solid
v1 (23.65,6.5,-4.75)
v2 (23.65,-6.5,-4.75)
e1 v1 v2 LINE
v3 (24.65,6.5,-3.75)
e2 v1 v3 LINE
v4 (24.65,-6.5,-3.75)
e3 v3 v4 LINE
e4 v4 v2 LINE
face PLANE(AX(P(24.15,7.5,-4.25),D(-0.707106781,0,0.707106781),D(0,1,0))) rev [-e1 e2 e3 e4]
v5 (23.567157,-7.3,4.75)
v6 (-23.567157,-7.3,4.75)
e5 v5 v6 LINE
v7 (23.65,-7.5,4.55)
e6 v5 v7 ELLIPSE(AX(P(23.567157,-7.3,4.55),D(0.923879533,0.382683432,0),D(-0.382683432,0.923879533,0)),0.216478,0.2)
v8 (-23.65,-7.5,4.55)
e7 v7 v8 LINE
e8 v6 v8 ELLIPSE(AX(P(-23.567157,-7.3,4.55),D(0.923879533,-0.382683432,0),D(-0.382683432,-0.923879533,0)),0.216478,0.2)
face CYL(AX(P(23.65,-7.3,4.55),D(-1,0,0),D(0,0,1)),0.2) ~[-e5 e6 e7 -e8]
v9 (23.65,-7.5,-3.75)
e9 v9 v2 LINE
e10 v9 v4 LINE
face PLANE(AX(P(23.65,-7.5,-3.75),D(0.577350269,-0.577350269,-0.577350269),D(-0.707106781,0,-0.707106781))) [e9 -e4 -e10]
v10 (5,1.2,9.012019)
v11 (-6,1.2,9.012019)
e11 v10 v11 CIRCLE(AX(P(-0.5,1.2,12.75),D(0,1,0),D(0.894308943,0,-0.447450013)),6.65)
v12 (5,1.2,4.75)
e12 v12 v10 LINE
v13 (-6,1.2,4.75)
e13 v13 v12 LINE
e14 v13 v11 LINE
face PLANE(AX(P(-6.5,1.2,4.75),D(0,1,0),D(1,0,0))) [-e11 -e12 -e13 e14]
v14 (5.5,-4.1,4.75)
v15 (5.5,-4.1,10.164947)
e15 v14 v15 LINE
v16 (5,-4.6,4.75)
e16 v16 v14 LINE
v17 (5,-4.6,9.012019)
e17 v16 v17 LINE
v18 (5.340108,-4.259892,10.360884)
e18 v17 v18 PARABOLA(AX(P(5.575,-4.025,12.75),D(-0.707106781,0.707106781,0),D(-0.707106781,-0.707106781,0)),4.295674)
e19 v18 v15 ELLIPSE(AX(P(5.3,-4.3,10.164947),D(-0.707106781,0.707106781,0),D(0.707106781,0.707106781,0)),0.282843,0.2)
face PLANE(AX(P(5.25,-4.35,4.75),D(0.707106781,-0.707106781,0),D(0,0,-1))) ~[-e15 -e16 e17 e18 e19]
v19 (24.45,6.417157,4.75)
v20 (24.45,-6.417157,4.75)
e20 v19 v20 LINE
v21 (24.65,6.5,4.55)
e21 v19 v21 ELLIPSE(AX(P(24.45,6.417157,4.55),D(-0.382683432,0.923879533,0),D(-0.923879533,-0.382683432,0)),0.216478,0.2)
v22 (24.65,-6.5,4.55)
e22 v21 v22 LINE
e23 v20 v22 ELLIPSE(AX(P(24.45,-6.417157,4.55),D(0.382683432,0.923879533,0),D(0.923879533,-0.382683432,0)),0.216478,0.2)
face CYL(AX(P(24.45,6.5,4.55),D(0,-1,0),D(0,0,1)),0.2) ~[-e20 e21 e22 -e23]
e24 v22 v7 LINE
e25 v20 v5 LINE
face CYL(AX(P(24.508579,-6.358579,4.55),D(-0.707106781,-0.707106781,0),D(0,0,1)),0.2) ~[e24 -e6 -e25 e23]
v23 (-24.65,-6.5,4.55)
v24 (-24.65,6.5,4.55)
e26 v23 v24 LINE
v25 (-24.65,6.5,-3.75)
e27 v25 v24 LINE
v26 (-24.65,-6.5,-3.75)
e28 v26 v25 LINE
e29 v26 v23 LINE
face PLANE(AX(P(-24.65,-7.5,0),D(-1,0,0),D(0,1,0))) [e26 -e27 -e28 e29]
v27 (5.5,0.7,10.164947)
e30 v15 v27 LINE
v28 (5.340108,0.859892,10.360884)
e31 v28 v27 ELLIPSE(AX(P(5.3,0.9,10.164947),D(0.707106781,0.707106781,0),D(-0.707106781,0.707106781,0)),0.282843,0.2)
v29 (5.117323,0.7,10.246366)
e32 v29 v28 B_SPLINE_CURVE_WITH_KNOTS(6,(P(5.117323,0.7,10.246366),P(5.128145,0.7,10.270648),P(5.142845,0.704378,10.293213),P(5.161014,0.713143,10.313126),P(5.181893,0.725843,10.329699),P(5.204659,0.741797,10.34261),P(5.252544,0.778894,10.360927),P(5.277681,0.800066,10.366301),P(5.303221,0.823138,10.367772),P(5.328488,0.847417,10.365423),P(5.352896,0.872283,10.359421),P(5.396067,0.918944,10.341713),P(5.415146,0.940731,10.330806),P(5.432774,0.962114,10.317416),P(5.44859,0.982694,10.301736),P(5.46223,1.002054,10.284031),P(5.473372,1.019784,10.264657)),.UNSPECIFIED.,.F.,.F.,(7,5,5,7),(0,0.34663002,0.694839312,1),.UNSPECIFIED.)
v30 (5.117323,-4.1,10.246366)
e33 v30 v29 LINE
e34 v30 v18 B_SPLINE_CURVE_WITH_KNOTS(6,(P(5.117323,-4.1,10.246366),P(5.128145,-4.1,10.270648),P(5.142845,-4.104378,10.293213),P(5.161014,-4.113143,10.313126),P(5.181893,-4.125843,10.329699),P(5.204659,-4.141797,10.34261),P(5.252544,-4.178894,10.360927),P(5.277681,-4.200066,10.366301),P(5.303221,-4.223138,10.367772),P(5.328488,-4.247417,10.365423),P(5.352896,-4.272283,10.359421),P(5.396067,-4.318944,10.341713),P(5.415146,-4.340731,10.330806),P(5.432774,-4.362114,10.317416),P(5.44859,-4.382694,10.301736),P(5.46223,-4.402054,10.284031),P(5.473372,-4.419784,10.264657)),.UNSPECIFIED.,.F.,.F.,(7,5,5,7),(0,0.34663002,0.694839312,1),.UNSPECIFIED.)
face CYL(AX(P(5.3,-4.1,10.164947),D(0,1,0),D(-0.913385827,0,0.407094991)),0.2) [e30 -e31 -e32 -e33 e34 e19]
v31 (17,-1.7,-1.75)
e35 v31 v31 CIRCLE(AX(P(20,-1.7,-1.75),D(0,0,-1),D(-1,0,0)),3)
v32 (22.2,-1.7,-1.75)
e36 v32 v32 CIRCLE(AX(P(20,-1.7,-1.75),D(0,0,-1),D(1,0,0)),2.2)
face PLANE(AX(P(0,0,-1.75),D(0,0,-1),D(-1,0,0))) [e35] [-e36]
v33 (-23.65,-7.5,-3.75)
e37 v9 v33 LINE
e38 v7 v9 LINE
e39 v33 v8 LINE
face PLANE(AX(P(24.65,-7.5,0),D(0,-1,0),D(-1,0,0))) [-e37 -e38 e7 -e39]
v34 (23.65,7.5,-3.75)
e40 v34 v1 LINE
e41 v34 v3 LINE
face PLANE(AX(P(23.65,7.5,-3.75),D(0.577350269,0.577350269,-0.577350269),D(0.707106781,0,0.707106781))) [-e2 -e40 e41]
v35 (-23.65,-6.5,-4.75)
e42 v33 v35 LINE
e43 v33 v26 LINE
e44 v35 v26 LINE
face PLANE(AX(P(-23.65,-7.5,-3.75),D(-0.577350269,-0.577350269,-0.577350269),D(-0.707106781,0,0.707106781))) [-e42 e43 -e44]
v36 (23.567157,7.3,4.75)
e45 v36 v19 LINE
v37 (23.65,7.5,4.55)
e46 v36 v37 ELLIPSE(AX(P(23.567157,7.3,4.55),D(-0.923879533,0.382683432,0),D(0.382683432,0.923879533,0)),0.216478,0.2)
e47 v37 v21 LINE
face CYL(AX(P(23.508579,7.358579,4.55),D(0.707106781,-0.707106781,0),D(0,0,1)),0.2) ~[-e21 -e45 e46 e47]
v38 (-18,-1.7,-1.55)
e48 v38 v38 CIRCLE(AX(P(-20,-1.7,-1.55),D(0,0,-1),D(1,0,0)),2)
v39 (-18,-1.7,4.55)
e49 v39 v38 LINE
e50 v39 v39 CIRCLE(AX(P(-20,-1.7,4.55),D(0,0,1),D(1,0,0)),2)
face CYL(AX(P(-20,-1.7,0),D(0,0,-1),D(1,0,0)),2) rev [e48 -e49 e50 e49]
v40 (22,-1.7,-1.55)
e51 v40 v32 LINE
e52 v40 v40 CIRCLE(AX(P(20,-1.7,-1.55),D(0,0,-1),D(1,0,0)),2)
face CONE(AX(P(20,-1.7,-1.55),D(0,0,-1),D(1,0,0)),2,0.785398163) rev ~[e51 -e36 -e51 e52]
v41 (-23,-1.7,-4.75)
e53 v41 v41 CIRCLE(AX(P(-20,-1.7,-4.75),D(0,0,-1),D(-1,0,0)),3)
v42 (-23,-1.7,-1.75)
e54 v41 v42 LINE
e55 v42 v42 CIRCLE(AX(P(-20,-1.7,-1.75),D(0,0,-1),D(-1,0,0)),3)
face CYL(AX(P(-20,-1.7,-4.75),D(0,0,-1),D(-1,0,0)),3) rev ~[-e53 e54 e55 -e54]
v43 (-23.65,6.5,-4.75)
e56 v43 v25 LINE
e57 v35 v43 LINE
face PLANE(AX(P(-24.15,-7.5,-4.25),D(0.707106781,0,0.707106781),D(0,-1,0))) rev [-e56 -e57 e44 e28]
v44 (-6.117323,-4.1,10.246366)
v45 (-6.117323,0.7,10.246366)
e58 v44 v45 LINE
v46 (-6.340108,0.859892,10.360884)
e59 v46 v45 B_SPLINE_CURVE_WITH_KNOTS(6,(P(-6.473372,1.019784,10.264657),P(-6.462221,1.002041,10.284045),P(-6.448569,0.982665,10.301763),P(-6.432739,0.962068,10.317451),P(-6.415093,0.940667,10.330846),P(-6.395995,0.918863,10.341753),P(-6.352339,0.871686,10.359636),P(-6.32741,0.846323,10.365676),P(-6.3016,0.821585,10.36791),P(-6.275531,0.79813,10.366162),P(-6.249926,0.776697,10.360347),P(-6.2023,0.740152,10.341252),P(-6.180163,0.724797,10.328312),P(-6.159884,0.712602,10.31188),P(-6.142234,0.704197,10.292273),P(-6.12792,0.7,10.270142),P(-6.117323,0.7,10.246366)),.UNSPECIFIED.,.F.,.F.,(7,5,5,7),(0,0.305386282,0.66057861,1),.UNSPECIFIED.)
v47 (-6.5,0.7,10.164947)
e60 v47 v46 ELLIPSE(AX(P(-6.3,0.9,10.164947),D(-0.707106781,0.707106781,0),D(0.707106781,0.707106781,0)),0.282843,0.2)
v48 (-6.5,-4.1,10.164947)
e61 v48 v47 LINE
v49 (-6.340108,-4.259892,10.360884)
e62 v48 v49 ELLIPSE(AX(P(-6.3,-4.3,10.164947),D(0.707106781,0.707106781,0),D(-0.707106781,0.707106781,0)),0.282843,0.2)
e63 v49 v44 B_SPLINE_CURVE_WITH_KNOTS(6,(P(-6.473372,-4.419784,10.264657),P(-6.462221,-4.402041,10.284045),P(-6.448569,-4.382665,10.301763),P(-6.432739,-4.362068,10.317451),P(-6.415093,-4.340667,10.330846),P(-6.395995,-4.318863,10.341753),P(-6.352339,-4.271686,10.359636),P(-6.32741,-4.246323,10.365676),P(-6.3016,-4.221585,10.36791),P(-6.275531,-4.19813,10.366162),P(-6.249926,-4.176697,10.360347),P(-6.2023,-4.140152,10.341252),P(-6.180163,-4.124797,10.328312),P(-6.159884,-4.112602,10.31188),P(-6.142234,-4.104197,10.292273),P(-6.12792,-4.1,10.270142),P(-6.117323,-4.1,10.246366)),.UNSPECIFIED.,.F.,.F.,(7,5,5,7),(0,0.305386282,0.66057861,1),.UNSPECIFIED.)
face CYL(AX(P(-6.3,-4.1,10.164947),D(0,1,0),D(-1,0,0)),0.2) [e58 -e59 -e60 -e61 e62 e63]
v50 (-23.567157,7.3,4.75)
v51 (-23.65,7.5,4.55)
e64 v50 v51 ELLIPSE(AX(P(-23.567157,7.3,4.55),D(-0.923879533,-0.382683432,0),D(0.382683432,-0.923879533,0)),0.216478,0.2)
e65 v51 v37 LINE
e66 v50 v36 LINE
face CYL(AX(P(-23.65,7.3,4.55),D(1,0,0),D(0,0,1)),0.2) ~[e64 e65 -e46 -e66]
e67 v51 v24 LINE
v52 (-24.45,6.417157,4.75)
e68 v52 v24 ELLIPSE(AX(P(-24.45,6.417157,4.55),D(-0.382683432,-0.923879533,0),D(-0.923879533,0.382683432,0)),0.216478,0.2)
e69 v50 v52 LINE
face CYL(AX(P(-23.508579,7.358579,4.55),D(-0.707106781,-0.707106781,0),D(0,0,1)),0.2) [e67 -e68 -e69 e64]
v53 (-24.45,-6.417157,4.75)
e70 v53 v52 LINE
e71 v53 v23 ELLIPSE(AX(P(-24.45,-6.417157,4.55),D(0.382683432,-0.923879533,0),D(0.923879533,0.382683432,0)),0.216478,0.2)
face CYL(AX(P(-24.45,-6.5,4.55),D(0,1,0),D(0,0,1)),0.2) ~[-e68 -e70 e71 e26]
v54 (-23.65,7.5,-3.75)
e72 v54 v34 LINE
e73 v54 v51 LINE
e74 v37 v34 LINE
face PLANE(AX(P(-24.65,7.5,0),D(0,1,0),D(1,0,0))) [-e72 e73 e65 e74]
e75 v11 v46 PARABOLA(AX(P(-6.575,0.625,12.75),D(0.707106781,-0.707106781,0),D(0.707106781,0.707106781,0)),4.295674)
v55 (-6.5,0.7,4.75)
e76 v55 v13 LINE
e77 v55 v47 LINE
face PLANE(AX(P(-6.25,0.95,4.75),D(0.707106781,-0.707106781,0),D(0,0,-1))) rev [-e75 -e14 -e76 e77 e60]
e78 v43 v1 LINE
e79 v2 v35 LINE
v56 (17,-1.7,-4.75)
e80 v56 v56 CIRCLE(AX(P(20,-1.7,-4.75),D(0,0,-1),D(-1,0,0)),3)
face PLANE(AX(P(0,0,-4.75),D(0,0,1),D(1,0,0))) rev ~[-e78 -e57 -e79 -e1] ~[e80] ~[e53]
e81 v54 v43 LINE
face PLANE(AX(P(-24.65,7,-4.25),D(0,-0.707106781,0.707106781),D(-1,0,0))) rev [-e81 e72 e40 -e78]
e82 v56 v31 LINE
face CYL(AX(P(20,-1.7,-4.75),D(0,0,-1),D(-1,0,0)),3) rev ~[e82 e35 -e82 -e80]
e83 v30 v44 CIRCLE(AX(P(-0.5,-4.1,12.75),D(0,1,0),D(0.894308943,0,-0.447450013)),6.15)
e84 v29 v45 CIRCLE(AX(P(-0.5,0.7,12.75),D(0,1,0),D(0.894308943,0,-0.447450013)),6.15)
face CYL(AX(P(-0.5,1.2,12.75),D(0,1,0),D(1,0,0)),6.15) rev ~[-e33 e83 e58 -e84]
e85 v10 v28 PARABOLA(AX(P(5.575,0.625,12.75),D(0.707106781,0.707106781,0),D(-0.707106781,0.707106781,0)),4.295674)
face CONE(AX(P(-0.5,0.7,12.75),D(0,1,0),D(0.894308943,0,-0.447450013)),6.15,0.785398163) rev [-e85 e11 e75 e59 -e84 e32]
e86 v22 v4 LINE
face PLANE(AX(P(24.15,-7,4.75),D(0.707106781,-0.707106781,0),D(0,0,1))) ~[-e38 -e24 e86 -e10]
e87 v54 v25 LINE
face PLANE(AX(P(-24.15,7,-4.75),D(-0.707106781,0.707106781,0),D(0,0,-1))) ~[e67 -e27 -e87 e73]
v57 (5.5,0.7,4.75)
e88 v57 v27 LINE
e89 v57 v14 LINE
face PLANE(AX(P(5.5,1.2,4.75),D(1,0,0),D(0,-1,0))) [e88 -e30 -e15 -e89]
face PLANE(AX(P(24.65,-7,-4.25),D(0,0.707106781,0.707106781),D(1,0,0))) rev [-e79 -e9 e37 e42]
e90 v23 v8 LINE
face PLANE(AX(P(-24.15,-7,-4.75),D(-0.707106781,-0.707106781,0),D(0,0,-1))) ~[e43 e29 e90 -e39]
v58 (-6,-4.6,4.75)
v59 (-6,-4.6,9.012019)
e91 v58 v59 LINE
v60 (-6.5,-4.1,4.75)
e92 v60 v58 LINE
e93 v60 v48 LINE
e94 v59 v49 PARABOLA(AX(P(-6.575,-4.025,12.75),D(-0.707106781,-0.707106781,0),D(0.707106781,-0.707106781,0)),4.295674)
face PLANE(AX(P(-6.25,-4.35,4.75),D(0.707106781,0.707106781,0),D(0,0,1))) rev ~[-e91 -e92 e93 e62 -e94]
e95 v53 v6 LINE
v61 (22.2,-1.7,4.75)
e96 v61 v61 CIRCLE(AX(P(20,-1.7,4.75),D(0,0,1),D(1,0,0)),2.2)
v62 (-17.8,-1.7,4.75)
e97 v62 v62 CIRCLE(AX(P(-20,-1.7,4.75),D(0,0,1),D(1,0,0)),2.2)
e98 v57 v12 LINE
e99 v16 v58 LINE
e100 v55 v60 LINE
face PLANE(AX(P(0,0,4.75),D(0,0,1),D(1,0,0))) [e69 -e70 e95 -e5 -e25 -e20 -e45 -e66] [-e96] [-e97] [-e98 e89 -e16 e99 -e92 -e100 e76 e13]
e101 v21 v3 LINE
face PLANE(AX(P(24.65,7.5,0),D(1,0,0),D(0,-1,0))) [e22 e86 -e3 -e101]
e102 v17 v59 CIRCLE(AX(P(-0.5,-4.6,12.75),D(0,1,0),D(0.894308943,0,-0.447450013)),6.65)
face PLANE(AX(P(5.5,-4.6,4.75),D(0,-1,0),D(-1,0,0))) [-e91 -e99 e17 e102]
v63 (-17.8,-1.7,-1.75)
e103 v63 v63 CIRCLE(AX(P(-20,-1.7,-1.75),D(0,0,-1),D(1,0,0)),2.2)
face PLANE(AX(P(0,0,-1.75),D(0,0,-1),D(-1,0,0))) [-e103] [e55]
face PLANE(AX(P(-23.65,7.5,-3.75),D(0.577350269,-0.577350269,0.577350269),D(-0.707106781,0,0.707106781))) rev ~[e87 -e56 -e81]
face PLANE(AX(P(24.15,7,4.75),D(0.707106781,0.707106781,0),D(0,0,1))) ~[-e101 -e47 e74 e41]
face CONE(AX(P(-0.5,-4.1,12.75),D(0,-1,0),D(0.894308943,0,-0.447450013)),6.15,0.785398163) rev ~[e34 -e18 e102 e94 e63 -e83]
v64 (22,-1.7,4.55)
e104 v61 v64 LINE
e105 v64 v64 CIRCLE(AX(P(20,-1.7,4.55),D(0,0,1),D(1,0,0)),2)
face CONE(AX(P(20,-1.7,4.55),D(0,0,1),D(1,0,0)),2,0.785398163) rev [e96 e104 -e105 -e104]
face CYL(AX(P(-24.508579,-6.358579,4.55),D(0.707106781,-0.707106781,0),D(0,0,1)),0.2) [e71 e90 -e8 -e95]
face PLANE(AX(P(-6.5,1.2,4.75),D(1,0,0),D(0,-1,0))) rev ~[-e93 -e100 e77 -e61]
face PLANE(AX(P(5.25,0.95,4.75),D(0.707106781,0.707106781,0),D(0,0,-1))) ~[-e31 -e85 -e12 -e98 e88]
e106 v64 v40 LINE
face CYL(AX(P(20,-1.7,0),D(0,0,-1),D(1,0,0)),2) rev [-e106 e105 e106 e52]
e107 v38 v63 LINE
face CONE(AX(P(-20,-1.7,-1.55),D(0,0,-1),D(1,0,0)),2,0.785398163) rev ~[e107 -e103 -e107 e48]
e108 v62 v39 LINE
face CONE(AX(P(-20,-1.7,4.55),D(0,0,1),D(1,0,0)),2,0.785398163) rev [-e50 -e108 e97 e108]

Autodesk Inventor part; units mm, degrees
ref_plane "YZ Plane" through (0, 0, 0) normal (1, 0, 0) x (0, 1, 0)
ref_plane "XZ Plane" through (0, 0, 0) normal (0, 1, 0) x (-1, 0, 0)
ref_plane "XY Plane" through (0, 0, 0) normal (0, 0, 1) x (1, 0, 0)
sketch "Sketch1" plane through (0, 0, 0) normal (0, 0, 1) x (1, 0, 0)
  line L0 (-24.65, 7.5) -> (24.65, 7.5)
  line L1 (24.65, 7.5) -> (24.65, -7.5)
  line L2 (24.65, -7.5) -> (-24.65, -7.5)
  line L3 (-24.65, -7.5) -> (-24.65, 7.5)
  circle A0 centre (-20, -1.7) radius 2
  circle A1 centre (20, -1.7) radius 2
  point P0 (0, 0)
  point P1 (-24.65, 0)
  point P2 (0, 7.5)
  dimension "d0" = 49.3
  dimension "d1" = 15
  dimension "d2" = 4
  dimension "d3" = 40
  dimension "d7" = 9.2
  dimension "d8" = 9.2
  dimension "d9" = 20
extrude "Extrusion1" add sketch "Sketch1" along normal mid plane 9.5
sketch "Sketch2" plane through (0, 0, 4.75) normal (0, 0, 1) x (1, 0, 0)
  line L0 (-6.65, 1.2) -> (5.65, 1.2)
  line L1 (5.65, 1.2) -> (5.65, -4.6)
  line L2 (5.65, -4.6) -> (-6.65, -4.6)
  line L3 (-6.65, -4.6) -> (-6.65, 1.2)
  line L4 (-24.65, 7.5) -> (24.65, 7.5) projected
  line L5 (24.65, -7.5) -> (24.65, 7.5) projected
  line L6 (-6.5, 1.2) -> (-6.5, -4.6)
  line L7 (-24.65, -7.5) -> (24.65, -7.5) projected
  line L8 (5.5, 1.2) -> (5.5, -4.6)
  point P0 (0, 0)
  dimension "d10" = 5.8
  dimension "d11" = 6.3
  dimension "d12" = 12.3
  dimension "d13" = 19
  dimension "d14" = 0.15
extrude "Extrusion3" add sketch "Sketch2" along normal blind 8 contours L0 L8 L2 L6
sketch "Sketch3" plane through (-6.5, 1.2, 4.75) normal (0, 1, 0) x (1, 0, 0)
  line L0 (0, -8) -> (12, -8) projected
  circle A0 centre (6, -8) radius 6.15
  point P0 (6.5, 4.75)
  dimension "d20" = 12.3
extrude "Extrusion4" cut sketch "Sketch3" against normal blind 8
chamfer "Chamfer1" distance 0.5 angle 45 4 edges at (-6.5, -4.6, 8.075) (-6.5, 1.2, 8.075) (5.5, 1.2, 8.075) (5.5, -4.6, 8.075)
chamfer "Chamfer2" distance 0.5 angle 45 2 edges at (-0.5, -4.6, 6.6) (-0.5, 1.2, 6.6)
fillet "Fillet1" radius 0.2 2 edges at (-6.5, -1.7, 11.4) (5.5, -1.7, 11.4)
chamfer "Chamfer3" distance 1 angle 45 8 edges at (24.65, 0, -4.75) (-24.65, 0, -4.75) (0, 7.5, -4.75) (24.65, 7.5, 0) (-24.65, 7.5, 0) (24.65, -7.5, 0) (0, -7.5, -4.75) (-24.65, -7.5, 0)
sketch "Sketch4" plane through (0, 0, -4.75) normal (0, 0, -1) x (-1, 0, 0)
  circle A0 centre (-20, -1.7) radius 2 projected
  circle A1 centre (-20, -1.7) radius 3
  circle A2 centre (20, -1.7) radius 2 projected
  circle A3 centre (20, -1.7) radius 3
  point P0 (0, 0)
  dimension "d33" = 6
  dimension "d34" = 6
extrude "Extrusion5" cut sketch "Sketch4" against normal blind 3 contours A0 | A1 | A2 | A3
fillet "Fillet2" radius 0.2 8 edges at (0, 7.5, 4.75) (0, -7.5, 4.75) (-24.65, 0, 4.75) (24.65, 0, 4.75) (24.15, 7, 4.75) (24.15, -7, 4.75) (-24.15, -7, 4.75) (-24.15, 7, 4.75)
chamfer "Chamfer4" distance 0.2 angle 45 4 edges at (-22, -1.7, 4.75) (18, -1.7, 4.75) (-22, -1.7, -1.75) (18, -1.7, -1.75)
equation "\"d9\" = 0.5 * d3"
properties part number "single extruder securer"
